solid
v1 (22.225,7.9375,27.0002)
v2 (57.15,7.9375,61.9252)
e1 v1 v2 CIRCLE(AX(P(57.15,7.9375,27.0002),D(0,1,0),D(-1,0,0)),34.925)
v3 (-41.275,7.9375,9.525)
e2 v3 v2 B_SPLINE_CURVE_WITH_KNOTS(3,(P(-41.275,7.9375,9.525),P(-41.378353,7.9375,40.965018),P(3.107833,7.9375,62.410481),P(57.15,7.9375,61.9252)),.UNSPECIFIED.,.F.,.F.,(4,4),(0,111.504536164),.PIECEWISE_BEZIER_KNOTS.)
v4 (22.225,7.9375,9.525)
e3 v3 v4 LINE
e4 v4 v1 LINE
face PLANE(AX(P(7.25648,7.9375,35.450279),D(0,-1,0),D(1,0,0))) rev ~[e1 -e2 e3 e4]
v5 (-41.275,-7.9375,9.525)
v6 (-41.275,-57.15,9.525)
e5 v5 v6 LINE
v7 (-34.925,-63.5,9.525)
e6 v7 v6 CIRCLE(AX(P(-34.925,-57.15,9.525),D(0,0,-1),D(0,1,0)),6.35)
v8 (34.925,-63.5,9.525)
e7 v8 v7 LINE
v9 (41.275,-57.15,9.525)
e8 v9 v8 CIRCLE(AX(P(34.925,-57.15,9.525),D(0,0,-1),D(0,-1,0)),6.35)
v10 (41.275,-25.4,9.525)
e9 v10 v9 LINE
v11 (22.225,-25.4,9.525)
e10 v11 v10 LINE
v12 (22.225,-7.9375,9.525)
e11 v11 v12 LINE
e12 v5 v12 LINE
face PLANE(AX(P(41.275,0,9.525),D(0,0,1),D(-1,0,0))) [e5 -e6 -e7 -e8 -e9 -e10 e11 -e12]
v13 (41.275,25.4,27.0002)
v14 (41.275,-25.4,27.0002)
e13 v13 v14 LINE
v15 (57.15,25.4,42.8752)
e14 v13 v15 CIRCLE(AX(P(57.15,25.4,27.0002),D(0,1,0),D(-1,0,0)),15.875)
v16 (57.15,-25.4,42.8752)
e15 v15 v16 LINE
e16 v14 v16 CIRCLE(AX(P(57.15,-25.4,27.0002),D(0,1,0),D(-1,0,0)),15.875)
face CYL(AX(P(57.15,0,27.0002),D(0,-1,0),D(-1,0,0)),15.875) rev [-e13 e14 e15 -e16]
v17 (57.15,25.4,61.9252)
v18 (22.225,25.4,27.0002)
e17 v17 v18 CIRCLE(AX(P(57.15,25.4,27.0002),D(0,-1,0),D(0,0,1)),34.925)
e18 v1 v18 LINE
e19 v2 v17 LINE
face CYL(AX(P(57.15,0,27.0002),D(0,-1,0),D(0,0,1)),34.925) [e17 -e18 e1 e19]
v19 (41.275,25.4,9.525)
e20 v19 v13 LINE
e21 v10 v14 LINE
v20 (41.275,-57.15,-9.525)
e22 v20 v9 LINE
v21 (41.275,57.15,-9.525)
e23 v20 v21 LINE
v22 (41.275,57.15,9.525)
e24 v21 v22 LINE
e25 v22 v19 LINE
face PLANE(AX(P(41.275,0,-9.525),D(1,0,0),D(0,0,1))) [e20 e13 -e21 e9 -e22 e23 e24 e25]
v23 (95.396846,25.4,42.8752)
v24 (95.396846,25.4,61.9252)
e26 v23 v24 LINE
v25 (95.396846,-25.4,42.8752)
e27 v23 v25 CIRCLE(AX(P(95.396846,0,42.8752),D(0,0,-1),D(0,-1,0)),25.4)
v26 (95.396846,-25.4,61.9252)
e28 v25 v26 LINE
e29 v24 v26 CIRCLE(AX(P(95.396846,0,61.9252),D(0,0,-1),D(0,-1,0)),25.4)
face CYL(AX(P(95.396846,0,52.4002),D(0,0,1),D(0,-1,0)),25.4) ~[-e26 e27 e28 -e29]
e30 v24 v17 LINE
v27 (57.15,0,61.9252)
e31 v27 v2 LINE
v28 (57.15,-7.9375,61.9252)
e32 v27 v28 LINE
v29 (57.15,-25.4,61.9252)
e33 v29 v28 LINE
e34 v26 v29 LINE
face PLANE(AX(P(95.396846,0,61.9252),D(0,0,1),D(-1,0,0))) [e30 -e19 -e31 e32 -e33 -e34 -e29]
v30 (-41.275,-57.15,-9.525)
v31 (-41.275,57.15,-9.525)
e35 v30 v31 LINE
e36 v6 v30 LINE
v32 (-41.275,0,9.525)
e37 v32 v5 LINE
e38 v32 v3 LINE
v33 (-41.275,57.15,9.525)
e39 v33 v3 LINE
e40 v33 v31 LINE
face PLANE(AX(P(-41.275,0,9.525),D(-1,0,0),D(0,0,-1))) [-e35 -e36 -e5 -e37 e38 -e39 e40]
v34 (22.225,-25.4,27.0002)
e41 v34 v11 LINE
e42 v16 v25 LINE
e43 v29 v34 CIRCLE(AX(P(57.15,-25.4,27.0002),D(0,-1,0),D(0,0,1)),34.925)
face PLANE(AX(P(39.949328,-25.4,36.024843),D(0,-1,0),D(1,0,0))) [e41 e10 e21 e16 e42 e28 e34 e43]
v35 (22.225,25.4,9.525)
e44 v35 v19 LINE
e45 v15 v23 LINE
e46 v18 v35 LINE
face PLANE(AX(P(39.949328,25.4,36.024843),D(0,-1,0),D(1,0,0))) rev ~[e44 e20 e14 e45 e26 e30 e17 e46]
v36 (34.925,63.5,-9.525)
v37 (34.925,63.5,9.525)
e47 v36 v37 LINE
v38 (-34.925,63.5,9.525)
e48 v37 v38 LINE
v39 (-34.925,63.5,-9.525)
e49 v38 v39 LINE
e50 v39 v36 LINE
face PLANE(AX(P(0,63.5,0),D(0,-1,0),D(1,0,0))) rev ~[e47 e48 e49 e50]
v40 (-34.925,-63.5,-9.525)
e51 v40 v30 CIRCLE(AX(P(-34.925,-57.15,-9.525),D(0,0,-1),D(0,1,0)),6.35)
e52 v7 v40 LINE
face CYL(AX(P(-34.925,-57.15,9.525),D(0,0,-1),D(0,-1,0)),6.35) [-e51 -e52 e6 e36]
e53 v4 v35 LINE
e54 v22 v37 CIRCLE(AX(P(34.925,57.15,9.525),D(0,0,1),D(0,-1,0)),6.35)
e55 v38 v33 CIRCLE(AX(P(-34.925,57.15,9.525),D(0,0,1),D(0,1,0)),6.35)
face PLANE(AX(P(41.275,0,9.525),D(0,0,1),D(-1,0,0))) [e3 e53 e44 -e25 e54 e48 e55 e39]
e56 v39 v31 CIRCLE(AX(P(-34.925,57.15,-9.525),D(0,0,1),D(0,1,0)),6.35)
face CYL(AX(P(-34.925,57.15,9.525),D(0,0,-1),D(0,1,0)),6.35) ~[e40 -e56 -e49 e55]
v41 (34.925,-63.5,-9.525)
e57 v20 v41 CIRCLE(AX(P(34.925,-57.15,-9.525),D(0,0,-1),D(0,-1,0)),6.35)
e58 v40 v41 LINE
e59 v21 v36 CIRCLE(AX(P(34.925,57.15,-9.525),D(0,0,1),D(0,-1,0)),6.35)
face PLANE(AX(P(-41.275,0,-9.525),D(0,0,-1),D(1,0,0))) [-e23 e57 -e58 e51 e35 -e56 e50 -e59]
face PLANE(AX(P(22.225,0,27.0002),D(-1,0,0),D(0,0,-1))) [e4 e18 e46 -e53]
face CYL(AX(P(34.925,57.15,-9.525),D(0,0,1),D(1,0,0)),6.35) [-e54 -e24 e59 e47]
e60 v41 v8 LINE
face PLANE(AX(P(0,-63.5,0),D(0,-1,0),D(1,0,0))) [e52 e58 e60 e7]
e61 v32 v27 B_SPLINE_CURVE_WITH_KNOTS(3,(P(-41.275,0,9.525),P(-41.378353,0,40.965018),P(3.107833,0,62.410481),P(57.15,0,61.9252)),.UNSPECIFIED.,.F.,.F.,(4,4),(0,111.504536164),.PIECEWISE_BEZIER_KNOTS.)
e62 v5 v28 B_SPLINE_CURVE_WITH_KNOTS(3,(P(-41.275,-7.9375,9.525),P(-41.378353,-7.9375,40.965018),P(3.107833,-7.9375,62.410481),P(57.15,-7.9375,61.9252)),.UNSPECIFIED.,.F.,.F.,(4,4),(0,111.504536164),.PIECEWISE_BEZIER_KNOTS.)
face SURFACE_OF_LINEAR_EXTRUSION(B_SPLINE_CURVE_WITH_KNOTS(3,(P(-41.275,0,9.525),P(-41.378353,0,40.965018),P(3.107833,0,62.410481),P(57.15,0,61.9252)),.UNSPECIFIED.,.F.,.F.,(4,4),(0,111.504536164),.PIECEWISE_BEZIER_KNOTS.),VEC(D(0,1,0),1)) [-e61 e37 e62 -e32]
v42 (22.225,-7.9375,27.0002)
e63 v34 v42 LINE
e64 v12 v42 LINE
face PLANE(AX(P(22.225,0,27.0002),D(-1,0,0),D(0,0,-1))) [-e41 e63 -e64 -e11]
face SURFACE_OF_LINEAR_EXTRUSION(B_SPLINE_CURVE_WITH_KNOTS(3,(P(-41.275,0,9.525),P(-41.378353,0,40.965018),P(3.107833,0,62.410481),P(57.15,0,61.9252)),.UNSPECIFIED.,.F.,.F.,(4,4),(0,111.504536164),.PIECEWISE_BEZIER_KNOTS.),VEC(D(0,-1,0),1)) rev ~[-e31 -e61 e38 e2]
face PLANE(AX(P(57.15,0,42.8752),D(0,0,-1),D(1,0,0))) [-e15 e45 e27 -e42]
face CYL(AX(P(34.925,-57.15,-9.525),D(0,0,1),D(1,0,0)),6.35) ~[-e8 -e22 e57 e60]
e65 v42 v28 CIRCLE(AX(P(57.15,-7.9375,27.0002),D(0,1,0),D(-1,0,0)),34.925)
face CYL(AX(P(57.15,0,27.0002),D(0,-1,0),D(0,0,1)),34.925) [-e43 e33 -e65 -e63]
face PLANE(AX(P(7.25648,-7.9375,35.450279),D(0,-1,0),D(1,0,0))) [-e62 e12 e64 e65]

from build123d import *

# Parameters (mm, degrees)
F1_DEPTH = 63.5
F0_W     = 35.0718458849
F0_H     = 19.05
F2_DEPTH = 25.4
F3_DEPTH = 7.9375
F4_W     = 25.4
F4_H     = 19.05
F6_R     = 6.35


with BuildPart() as f1:
    # F0 (on Front) → F1 (new body, symmetric)
    with BuildSketch(Plane.XZ):
        Polygon((41.275, -9.525), (41.275, 9.525), (22.225, 9.525), (-41.275, 9.525), (-41.275, -9.525), align=None)
    extrude(amount=F1_DEPTH, both=True)

    # F0 (on Front) → F2 (join, symmetric)
    with BuildSketch(Plane.XZ):
        with BuildLine():
            Line((22.225, 9.525), (41.275, 9.525))
            Line((41.275, 9.525), (41.275, 27.0002))
            ThreePointArc((41.275, 27.0002), (45.9246798487, 38.2255201513), (57.15, 42.8752))
            Line((57.15, 42.8752), (60.325, 42.8752))
            Line((60.325, 42.8752), (60.325, 61.9252))
            Line((60.325, 61.9252), (57.15, 61.9252))
            ThreePointArc((57.15, 61.9252), (32.4542956671, 51.6959043329), (22.225, 27.0002))
            Line((22.225, 27.0002), (22.225, 9.525))
        make_face()
        with Locations((77.8609229425, 52.4002)):
            Rectangle(F0_W, F0_H)
    extrude(amount=F2_DEPTH, both=True)

    # F0 (on Front) → F3 (join, symmetric)
    with BuildSketch(Plane.XZ):
        with BuildLine():
            Line((-41.275, 9.525), (22.225, 9.525))
            Line((22.225, 9.525), (22.225, 27.0002))
            ThreePointArc((22.225, 27.0002), (32.4542956671, 51.6959043329), (57.15, 61.9252))
            add(Edge.make_bspline(
                [(-41.275, 9.525), (-41.3783525219, 40.9650179304), (3.1078325119, 62.4104812741), (57.15, 61.9252)],
                knots=[0, 0, 0, 0, 111.5045361635, 111.5045361635, 111.5045361635, 111.5045361635], degree=3))
        make_face()
    extrude(amount=F3_DEPTH, both=True)

    # F4 (on face) → F5 (revolve)
    with BuildSketch(Plane.YZ.offset(95.3968458849)):
        with Locations((-12.7, 52.4002)):
            Rectangle(F4_W, F4_H)
    revolve(axis=Axis((95.3968458849, 0, 52.4002), (0, 0, -1)))

    # F6
    f6_edges = [f1.edges().sort_by_distance(p)[0] for p in [
        (41.275, -63.5, 0),
        (41.275, 63.5, 0),
        (-41.275, 63.5, 0),
        (-41.275, -63.5, 0),
    ]]
    fillet(f6_edges, radius=F6_R)


solid = f1.part
